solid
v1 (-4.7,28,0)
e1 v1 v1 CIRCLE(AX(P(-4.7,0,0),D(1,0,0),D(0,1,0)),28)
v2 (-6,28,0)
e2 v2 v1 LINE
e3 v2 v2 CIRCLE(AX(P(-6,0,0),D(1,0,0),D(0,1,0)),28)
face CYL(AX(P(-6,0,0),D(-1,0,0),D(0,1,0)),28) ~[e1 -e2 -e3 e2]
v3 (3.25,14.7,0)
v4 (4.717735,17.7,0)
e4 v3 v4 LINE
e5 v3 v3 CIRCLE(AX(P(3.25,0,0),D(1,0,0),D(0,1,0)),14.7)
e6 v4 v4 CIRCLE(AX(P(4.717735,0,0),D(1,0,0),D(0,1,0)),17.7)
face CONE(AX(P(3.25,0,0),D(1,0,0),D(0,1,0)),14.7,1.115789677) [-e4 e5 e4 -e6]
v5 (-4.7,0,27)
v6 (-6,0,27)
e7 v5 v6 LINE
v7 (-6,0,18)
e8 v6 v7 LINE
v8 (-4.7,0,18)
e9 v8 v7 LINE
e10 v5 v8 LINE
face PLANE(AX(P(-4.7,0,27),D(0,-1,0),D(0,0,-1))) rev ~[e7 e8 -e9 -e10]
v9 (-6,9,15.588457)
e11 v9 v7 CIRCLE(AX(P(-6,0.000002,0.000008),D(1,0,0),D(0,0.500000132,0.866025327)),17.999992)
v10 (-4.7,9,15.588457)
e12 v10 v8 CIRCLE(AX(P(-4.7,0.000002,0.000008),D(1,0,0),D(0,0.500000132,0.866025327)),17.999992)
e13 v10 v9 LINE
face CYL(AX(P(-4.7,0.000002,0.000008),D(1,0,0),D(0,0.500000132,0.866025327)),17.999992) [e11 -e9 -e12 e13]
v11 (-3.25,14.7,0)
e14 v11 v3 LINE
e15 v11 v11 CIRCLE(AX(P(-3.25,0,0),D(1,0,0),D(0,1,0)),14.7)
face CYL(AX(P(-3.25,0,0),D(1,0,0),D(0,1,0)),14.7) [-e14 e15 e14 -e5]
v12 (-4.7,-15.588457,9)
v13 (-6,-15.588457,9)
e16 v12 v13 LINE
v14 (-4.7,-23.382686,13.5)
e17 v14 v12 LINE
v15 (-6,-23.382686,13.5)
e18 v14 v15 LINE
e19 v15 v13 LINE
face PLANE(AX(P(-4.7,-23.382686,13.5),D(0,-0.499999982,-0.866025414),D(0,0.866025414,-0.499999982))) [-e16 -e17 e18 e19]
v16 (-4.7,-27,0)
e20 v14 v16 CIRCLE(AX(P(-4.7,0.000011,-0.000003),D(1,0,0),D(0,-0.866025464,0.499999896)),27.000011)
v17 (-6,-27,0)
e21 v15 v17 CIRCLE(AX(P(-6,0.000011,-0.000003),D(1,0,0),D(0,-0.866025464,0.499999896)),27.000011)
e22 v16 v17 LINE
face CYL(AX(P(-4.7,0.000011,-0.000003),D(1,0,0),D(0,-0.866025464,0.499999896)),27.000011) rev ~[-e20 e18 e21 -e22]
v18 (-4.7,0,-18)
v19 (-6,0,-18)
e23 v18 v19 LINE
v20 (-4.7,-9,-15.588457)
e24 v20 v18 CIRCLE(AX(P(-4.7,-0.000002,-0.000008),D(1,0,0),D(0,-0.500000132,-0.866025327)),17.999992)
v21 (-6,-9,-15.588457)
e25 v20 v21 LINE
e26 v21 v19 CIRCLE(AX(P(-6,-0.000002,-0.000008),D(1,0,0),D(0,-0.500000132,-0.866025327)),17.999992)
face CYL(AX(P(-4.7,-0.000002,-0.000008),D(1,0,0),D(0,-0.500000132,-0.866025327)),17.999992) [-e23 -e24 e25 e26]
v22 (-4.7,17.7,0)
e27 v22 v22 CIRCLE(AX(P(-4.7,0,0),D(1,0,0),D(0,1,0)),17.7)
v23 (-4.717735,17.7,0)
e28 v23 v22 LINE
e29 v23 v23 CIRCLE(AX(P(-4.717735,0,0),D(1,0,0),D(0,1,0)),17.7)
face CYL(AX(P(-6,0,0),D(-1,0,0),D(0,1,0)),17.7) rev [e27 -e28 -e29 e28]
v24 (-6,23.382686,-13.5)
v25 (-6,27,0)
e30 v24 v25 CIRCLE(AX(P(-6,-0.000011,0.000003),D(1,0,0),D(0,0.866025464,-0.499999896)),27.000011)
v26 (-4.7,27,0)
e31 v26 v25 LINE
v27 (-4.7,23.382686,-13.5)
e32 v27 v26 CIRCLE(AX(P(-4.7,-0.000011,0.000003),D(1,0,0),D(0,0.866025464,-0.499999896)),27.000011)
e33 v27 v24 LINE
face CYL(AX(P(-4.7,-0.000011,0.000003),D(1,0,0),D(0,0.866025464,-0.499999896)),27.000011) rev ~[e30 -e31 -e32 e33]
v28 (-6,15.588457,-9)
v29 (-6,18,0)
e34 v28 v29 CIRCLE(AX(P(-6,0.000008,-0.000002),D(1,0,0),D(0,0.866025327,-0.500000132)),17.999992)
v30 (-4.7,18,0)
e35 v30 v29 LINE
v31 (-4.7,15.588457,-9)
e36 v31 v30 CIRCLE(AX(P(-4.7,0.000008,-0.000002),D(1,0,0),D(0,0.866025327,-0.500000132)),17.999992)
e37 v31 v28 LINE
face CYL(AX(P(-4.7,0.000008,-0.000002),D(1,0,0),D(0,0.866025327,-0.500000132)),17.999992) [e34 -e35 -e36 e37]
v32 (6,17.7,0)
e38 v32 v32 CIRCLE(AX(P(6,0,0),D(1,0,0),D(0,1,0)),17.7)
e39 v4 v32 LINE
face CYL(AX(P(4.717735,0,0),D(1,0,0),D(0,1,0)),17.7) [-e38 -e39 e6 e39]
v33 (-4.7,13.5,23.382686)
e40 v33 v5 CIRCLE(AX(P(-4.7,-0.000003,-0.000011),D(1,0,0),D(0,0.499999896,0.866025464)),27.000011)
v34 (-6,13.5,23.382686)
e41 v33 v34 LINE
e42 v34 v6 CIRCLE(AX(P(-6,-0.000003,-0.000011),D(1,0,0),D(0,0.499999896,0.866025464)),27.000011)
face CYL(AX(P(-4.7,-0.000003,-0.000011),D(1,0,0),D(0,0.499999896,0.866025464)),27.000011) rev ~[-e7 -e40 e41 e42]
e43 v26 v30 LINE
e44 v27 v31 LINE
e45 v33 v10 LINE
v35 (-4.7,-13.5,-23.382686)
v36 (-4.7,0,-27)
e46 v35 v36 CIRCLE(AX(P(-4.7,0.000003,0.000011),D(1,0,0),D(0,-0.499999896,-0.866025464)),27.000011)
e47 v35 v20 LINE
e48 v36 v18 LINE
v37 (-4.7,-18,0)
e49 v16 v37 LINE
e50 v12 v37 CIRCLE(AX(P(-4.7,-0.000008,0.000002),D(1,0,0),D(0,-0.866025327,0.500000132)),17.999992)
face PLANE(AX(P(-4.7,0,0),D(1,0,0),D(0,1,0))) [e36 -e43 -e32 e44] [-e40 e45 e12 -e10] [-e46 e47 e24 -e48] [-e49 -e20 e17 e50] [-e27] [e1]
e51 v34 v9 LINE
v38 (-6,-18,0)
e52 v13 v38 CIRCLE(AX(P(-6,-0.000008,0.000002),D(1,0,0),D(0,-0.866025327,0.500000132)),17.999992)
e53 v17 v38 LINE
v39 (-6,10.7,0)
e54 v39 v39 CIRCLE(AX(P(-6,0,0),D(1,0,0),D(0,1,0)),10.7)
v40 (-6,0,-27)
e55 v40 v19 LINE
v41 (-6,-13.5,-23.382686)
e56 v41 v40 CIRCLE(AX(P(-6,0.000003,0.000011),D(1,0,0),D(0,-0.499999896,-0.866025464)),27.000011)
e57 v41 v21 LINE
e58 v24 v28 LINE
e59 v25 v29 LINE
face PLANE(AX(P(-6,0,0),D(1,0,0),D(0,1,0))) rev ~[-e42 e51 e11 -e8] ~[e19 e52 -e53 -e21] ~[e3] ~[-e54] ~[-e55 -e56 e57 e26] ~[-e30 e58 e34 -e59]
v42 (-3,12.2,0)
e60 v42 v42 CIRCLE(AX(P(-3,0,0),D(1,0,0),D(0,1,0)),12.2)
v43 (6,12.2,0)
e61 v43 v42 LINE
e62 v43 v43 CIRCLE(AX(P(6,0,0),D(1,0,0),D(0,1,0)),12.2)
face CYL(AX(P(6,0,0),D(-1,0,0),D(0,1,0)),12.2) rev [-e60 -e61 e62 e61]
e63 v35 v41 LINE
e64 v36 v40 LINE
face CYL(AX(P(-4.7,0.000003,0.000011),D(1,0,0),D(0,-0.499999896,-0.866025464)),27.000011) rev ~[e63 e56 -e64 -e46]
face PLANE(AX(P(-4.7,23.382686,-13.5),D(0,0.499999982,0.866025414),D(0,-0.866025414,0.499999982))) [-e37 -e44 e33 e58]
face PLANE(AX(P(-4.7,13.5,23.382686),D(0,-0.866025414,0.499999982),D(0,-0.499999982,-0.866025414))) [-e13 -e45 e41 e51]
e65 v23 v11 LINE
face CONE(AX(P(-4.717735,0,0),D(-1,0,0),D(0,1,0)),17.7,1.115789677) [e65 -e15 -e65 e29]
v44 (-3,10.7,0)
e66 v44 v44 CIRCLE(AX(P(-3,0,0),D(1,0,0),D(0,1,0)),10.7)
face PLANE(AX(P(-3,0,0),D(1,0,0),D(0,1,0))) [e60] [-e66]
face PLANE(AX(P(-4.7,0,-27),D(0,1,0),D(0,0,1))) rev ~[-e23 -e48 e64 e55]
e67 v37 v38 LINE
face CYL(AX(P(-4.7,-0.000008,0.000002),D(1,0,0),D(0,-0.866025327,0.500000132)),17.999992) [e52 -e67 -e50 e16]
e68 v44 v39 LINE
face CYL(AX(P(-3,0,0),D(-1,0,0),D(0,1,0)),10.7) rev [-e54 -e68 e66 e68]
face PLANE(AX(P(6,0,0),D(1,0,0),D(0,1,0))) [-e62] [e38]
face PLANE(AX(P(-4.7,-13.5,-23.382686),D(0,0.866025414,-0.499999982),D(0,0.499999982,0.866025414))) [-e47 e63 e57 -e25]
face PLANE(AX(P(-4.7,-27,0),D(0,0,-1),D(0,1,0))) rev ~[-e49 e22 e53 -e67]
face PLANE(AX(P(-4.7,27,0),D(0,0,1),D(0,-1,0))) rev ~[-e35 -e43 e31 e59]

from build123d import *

# Parameters (mm, degrees)
SKETCH001_R        = 28
SKETCH001_R_2      = 17.7
PAD_DEPTH          = 1.3
POCKET_DEPTH       = 159.714257
POLARPATTERN_COUNT = 4


with BuildPart() as body001:
    # Sketch001 → Pad (new body)
    with BuildSketch(Plane.YZ):
        Circle(SKETCH001_R)
        Circle(SKETCH001_R_2, mode=Mode.SUBTRACT)
    extrude(amount=PAD_DEPTH)

    # Sketch002 (on Face4 of Pad) → Pocket (cut, through all)
    with BuildSketch(Plane.YZ.offset(1.3)):
        with BuildLine():
            ThreePointArc((-23.382686, 13.5), (-26.079997, 6.988114), (-27, 0))
            Line((-27, 0), (-18, 0))
            ThreePointArc((-15.588457, 9), (-17.386665, 4.658743), (-18, 0))
            Line((-23.382686, 13.5), (-15.588457, 9))
        make_face()
    pocket = extrude(amount=-POCKET_DEPTH, mode=Mode.SUBTRACT)

    # PolarPattern: Pocket ×4 about axis
    polarpattern_axis = Axis((0, 0, 0), (1, 0, 0))
    for i in range(1, POLARPATTERN_COUNT):
        add(pocket.rotate(polarpattern_axis, i * 360 / POLARPATTERN_COUNT), mode=Mode.SUBTRACT)


with BuildPart() as body001_1:
    # Body001 placement: moved
    add(body001.part.moved(Location((-6, 0, 0))))


with BuildPart() as fusion:
    # Sketch → Revolution (revolve)
    with BuildSketch(Plane.XY):
        Polygon((-6, 12.2), (-6, 17.7), (-4.717735, 17.7), (-3.25, 14.7), (3.25, 14.7), (4.717735, 17.7), (6, 17.7), (6, 12.2), (-3, 12.2), (-3, 10.7), (-6, 10.7), align=None)
    revolve(axis=Axis((0, 0, 0), (1, 0, 0)))

    # Fusion: union Body001
    add(body001_1.part)


solid = fusion.part
